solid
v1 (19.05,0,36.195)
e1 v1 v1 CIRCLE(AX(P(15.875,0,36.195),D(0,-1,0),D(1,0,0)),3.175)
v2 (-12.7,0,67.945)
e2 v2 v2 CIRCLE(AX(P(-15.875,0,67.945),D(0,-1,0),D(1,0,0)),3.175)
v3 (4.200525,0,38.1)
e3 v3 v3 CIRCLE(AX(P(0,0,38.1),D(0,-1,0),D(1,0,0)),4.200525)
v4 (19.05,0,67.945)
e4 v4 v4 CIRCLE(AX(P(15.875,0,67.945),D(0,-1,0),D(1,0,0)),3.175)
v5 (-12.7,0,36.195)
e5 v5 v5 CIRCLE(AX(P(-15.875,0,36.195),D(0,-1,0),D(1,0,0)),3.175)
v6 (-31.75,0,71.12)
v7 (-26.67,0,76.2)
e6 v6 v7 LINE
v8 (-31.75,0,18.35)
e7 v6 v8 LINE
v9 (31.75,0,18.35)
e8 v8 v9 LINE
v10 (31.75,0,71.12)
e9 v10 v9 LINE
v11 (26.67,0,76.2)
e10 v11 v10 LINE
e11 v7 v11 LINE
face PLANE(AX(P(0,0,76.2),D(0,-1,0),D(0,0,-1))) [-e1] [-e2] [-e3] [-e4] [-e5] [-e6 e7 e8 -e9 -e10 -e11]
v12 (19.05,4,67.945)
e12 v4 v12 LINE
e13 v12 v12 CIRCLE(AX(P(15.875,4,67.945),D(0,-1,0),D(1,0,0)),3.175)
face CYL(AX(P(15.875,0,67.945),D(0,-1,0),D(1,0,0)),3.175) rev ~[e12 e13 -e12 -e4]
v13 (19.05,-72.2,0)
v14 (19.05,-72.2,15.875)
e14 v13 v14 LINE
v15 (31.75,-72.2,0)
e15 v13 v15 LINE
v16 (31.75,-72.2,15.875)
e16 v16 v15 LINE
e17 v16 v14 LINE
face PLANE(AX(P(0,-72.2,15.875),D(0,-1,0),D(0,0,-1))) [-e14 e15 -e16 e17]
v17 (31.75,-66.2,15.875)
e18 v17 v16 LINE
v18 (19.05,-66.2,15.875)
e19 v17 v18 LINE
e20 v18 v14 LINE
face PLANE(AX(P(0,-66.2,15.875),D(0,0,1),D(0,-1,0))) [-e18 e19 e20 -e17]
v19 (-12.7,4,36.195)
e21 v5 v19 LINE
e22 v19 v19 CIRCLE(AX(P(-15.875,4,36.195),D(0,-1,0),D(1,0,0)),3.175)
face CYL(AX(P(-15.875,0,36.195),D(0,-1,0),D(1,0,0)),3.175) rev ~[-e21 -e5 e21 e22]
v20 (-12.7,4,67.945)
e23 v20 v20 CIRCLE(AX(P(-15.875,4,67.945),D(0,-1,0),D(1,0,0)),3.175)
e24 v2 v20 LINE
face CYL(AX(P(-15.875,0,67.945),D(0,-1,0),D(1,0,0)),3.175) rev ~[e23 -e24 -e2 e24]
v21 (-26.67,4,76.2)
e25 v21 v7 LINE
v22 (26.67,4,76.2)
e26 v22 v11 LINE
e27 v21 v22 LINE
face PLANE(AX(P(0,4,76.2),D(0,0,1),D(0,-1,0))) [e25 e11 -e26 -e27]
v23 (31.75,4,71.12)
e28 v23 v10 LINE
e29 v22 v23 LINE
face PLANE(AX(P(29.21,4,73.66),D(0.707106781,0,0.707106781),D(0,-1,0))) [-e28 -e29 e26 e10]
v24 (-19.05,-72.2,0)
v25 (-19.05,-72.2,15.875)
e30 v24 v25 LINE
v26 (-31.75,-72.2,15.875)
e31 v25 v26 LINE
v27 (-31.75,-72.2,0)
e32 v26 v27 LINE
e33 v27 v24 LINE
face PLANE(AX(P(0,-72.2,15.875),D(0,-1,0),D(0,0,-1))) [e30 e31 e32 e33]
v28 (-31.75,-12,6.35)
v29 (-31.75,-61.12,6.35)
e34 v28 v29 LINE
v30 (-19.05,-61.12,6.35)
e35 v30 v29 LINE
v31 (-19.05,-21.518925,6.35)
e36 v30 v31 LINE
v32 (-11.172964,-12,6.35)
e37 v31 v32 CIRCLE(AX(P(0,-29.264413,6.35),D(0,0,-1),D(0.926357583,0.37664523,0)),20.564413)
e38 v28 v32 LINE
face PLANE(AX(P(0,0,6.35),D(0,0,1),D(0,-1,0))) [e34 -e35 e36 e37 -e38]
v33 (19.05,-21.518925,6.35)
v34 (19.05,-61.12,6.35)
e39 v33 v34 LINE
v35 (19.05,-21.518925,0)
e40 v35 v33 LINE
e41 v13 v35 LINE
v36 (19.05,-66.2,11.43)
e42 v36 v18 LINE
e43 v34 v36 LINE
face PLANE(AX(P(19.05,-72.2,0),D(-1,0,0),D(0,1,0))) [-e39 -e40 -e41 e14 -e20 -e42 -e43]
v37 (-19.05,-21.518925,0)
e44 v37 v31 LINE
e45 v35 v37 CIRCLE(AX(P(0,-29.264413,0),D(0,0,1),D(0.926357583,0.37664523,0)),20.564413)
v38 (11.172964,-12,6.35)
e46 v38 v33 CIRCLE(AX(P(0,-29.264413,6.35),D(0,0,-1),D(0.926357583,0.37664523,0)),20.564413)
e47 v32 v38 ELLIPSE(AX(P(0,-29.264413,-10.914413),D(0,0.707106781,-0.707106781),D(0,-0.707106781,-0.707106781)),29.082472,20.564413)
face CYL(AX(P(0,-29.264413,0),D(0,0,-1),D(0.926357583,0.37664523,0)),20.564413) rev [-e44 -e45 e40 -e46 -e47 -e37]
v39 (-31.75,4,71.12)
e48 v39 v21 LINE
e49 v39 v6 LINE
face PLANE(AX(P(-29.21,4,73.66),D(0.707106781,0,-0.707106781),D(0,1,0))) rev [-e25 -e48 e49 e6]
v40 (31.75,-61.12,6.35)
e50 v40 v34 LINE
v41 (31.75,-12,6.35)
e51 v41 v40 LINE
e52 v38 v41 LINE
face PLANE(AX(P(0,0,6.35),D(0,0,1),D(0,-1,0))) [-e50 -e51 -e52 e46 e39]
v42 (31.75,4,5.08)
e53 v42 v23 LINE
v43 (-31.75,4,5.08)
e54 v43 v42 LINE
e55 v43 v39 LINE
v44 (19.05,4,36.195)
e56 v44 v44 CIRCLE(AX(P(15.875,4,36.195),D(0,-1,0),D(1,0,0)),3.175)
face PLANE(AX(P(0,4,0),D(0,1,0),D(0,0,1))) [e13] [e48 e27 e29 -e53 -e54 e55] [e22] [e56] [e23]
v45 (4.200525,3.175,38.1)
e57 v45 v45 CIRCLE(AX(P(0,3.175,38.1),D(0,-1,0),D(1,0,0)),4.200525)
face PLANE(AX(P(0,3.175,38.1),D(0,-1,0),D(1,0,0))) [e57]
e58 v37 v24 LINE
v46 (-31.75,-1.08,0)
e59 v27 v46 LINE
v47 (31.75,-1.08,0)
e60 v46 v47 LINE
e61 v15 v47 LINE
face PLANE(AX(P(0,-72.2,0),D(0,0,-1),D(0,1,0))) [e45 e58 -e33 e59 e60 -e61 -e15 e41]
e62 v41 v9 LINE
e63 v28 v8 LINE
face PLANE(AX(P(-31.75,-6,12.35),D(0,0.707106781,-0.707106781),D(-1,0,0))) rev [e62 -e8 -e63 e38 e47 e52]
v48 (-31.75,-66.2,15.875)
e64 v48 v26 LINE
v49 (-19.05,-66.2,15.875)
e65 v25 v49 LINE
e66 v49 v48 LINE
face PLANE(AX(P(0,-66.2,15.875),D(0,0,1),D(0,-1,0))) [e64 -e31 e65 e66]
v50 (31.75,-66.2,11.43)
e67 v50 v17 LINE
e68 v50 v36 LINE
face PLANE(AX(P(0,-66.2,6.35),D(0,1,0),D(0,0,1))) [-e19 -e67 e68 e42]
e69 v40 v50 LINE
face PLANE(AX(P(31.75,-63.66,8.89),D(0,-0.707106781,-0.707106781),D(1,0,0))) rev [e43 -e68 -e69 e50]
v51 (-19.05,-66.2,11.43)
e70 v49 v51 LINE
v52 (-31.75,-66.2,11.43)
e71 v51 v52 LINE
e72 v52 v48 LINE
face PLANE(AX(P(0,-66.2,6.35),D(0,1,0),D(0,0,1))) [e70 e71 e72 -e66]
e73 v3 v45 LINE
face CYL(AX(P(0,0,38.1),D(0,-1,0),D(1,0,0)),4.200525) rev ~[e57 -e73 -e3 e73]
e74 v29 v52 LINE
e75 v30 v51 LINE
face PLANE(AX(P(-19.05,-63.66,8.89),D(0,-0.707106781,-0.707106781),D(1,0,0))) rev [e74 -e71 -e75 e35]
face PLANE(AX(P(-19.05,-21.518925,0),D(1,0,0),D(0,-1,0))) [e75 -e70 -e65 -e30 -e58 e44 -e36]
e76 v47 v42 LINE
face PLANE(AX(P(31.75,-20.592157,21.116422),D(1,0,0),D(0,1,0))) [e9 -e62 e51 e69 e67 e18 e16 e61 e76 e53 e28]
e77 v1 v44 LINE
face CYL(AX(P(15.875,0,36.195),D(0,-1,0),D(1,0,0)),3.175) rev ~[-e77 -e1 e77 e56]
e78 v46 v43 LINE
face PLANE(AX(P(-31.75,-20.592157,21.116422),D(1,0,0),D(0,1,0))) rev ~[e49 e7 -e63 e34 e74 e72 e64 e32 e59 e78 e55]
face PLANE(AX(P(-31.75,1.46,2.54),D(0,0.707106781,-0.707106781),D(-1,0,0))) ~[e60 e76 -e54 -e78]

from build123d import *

# Parameters (mm, degrees)
F1_DEPTH = 31.75
F2_SIZE  = 12
F4_DEPTH = 25.4
F5_R     = 3.175
F6_DEPTH = 25.4
F7_SIZE  = 5.08
F8_R     = 4.200525
F9_DEPTH = 3.175
F10_SIZE = 5.08


with BuildPart() as f1:
    # F0 (on Right) → F1 (new body, symmetric)
    with BuildSketch(Plane.YZ):
        Polygon((-72.2, 15.875), (-72.2, 0), (4, 0), (4, 76.2), (0, 76.2), (0, 6.35), (-66.2, 6.35), (-66.2, 15.875), align=None)
    extrude(amount=F1_DEPTH, both=True)

    # F2
    f2_edges = [f1.edges().sort_by_distance(p)[0] for p in [
        (0, 0, 6.35),
    ]]
    chamfer(f2_edges, length=F2_SIZE)

    # F3 (on Top) → F4 (cut)
    with BuildSketch(Plane.XY):
        with BuildLine():
            Line((-19.05, -21.518925), (-19.05, -72.2))
            Line((-19.05, -72.2), (19.05, -72.2))
            Line((19.05, -72.2), (19.05, -21.518925))
            ThreePointArc((19.05, -21.518925), (0, -8.7), (-19.05, -21.518925))
        make_face()
    extrude(amount=F4_DEPTH, mode=Mode.SUBTRACT)

    # F5 (on face) → F6 (cut)
    with BuildSketch(Plane.XZ):
        with Locations((-15.875, 67.945)):
            Circle(F5_R)
        with Locations((15.875, 67.945)):
            Circle(F5_R)
        with Locations((-15.875, 36.195)):
            Circle(F5_R)
        with Locations((15.875, 36.195)):
            Circle(F5_R)
    extrude(amount=-F6_DEPTH, mode=Mode.SUBTRACT)

    # F7
    f7_edges = [f1.edges().sort_by_distance(p)[0] for p in [
        (-25.4, -66.2, 6.35),
        (25.4, -66.2, 6.35),
    ]]
    chamfer(f7_edges, length=F7_SIZE)

    # F8 (on face) → F9 (cut)
    with BuildSketch(Plane.XZ):
        with Locations((0, 38.1)):
            Circle(F8_R)
    extrude(amount=-F9_DEPTH, mode=Mode.SUBTRACT)

    # F10
    f10_edges = [f1.edges().sort_by_distance(p)[0] for p in [
        (31.75, 2, 76.2),
        (-31.75, 2, 76.2),
        (0, 4, 0),
    ]]
    chamfer(f10_edges, length=F10_SIZE)


solid = f1.part
